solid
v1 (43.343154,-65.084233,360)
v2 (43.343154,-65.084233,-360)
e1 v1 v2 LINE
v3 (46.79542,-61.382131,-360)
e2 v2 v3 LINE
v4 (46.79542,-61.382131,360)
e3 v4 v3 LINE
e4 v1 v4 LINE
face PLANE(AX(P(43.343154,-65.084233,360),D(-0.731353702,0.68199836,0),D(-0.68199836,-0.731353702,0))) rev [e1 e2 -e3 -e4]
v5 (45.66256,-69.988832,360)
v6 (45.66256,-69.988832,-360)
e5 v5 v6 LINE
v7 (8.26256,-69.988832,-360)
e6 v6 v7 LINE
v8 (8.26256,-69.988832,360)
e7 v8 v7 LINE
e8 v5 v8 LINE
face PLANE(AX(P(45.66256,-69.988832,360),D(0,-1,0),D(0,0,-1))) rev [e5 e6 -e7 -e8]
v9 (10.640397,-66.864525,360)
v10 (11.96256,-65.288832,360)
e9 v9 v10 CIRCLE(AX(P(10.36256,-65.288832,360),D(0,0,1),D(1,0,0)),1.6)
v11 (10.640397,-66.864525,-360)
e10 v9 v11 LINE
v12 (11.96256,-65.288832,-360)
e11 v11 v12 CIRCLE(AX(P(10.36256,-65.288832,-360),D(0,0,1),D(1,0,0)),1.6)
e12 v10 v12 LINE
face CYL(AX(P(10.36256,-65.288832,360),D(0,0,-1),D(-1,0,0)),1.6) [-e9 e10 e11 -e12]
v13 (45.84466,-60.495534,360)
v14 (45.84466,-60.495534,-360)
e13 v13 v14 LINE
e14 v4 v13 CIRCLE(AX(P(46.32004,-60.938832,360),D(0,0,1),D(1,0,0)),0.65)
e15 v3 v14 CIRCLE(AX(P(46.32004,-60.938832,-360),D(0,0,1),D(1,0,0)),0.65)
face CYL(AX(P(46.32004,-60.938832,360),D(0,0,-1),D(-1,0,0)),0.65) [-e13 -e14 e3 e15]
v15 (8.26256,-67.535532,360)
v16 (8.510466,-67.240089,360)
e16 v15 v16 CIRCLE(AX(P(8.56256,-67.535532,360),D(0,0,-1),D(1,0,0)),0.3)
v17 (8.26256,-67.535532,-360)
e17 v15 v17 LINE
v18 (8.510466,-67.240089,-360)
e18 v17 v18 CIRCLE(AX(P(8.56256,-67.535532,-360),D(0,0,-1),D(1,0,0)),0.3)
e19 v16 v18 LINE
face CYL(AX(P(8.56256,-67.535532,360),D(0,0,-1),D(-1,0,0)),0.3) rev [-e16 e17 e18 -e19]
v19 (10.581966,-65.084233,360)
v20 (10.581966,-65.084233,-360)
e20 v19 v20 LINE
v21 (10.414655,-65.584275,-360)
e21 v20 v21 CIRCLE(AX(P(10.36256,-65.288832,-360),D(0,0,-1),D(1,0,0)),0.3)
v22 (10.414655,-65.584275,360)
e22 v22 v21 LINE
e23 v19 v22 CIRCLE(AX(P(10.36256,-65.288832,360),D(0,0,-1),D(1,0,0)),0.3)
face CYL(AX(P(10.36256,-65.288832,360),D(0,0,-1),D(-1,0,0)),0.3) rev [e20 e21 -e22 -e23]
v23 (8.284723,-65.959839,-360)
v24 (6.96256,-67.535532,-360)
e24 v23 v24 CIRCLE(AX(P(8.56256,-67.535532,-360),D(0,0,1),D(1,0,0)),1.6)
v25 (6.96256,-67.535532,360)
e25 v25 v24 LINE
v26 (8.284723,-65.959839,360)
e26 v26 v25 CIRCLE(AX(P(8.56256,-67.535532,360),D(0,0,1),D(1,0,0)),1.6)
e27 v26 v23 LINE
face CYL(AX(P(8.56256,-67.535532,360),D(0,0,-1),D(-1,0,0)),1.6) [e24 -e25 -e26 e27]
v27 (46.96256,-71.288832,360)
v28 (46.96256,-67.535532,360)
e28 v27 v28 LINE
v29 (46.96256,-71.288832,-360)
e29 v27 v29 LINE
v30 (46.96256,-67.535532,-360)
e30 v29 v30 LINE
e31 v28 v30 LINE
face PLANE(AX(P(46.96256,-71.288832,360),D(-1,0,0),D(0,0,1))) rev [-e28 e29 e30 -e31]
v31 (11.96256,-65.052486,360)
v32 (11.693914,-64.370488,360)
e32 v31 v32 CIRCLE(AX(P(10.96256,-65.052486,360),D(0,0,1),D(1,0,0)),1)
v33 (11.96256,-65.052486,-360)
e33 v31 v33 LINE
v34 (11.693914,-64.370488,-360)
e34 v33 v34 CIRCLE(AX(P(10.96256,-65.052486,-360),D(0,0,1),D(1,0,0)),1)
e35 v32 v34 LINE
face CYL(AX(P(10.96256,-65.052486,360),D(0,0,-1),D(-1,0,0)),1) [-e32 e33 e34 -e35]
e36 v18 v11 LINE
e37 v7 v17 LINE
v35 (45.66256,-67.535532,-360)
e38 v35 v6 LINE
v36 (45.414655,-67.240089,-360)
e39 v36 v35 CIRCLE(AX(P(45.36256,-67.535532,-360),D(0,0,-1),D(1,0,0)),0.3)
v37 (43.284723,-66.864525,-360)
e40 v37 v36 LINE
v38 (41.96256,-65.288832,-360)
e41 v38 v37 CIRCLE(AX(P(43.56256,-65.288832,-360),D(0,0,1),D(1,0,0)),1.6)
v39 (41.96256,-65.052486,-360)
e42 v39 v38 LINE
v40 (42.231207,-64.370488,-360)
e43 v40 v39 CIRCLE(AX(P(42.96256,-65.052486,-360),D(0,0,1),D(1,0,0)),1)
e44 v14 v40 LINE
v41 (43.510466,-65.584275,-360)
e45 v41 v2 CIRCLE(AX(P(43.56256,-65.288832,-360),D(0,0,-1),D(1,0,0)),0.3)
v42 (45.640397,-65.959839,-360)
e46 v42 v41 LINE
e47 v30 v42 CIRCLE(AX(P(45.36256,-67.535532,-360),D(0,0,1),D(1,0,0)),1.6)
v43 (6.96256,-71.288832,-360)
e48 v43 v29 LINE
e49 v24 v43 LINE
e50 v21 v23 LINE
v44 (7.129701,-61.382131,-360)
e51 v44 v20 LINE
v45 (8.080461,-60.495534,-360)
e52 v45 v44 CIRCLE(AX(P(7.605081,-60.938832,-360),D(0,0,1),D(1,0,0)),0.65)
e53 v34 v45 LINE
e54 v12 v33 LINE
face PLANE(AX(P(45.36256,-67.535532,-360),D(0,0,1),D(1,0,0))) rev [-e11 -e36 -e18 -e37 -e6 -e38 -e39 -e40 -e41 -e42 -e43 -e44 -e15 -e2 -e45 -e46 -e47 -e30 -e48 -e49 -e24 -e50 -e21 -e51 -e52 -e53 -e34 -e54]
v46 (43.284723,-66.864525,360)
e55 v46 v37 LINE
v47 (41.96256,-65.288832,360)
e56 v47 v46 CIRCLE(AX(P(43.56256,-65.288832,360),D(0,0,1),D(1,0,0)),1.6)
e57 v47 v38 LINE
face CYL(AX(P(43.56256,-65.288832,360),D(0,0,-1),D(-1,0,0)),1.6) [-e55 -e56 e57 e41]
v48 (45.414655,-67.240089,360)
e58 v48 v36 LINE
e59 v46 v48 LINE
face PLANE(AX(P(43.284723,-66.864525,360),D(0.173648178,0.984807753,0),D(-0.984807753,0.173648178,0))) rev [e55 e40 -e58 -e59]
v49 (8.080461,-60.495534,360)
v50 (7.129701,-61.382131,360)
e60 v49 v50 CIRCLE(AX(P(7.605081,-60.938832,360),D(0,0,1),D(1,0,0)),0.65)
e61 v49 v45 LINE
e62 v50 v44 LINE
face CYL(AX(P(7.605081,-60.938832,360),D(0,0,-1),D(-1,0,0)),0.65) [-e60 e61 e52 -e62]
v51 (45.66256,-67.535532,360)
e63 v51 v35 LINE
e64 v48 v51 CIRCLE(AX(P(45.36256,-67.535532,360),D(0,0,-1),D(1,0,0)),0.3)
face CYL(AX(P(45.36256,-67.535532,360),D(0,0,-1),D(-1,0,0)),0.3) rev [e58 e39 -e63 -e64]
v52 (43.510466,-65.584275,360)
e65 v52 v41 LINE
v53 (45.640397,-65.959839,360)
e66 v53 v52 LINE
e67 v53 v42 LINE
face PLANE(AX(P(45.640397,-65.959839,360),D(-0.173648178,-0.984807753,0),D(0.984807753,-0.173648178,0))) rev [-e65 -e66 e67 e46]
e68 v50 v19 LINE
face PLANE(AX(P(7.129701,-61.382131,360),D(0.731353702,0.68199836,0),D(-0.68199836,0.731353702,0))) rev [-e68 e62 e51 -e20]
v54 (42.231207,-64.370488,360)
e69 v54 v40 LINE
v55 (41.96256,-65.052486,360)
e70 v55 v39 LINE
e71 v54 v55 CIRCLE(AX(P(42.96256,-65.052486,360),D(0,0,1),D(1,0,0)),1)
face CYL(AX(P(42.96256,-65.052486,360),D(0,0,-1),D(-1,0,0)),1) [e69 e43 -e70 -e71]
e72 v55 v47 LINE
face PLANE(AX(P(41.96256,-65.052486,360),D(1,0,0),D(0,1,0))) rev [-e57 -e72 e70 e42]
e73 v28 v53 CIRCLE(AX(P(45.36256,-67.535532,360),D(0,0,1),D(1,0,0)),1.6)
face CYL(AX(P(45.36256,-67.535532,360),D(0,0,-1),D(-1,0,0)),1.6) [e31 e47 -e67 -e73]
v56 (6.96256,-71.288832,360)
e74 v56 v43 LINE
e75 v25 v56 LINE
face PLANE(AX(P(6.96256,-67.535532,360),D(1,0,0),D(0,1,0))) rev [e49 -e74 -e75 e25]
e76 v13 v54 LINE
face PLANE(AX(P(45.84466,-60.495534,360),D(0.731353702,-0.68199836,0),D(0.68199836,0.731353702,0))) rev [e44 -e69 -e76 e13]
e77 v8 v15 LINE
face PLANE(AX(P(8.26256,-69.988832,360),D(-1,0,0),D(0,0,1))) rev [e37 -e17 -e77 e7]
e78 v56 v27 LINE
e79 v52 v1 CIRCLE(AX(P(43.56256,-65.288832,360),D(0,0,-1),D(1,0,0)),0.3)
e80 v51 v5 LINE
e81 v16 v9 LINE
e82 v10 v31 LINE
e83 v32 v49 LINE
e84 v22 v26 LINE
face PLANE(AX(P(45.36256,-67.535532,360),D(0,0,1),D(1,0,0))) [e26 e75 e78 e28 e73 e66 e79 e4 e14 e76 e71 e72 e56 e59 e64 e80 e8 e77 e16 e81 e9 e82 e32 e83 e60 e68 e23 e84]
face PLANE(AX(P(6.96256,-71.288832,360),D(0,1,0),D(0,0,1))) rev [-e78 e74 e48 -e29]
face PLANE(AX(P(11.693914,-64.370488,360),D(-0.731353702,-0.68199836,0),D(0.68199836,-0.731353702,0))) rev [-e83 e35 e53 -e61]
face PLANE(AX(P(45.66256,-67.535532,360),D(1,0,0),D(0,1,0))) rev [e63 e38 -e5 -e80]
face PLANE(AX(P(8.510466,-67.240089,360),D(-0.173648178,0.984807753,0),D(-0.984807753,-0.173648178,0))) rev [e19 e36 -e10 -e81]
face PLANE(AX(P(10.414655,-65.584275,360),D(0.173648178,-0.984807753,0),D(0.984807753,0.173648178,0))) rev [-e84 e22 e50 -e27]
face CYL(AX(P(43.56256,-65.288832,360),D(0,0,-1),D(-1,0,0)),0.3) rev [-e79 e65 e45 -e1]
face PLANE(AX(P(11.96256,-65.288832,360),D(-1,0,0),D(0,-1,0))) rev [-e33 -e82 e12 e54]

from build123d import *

# Parameters (mm, degrees)
BOSS_EXTRUDE1_DEPTH = 360


with BuildPart() as part:
    # Sketch1 → Boss-Extrude1 (new, symmetric)
    with BuildSketch(Plane.XY):
        with BuildLine():
            Line((46.962560252, -71.288832462), (46.962560252, -67.53553159))
            ThreePointArc((46.962560252, -67.53553159), (46.588231361, -66.507071414), (45.640397337, -65.959839185))
            Line((45.640397337, -65.959839185), (43.510465799, -65.584274788))
            ThreePointArc((43.510465799, -65.584274788), (43.278063156, -65.384023859), (43.343154142, -65.084232954))
            Line((43.343154142, -65.084232954), (46.795419695, -61.382131396))
            ThreePointArc((46.795419695, -61.382131396), (46.763338723, -60.463452556), (45.844659883, -60.495533528))
            Line((45.844659883, -60.495533528), (42.231206551, -64.370487816))
            ThreePointArc((42.231206551, -64.370487816), (42.032142684, -64.68598495), (41.962560252, -65.052486177))
            Line((41.962560252, -65.052486177), (41.962560252, -65.288832462))
            ThreePointArc((41.962560252, -65.288832462), (42.336889143, -66.317292637), (43.284723168, -66.864524867))
            Line((43.284723168, -66.864524867), (45.414654706, -67.240089264))
            ThreePointArc((45.414654706, -67.240089264), (45.592373585, -67.342695307), (45.662560252, -67.53553159))
            Line((45.662560252, -67.53553159), (45.662560252, -69.988832462))
            Line((45.662560252, -69.988832462), (8.262560252, -69.988832462))
            Line((8.262560252, -69.988832462), (8.262560252, -67.53553159))
            ThreePointArc((8.262560252, -67.53553159), (8.332746919, -67.342695307), (8.510465799, -67.240089264))
            Line((8.510465799, -67.240089264), (10.640397337, -66.864524867))
            ThreePointArc((10.640397337, -66.864524867), (11.588231361, -66.317292637), (11.962560252, -65.288832462))
            Line((11.962560252, -65.288832462), (11.962560252, -65.052486177))
            ThreePointArc((11.962560252, -65.052486177), (11.89297782, -64.68598495), (11.693913954, -64.370487816))
            Line((11.693913954, -64.370487816), (8.080460622, -60.495533528))
            ThreePointArc((8.080460622, -60.495533528), (7.161781782, -60.463452556), (7.12970081, -61.382131396))
            Line((7.12970081, -61.382131396), (10.581966363, -65.084232954))
            ThreePointArc((10.581966363, -65.084232954), (10.647057349, -65.384023859), (10.414654706, -65.584274788))
            Line((10.414654706, -65.584274788), (8.284723168, -65.959839185))
            ThreePointArc((8.284723168, -65.959839185), (7.336889143, -66.507071414), (6.962560252, -67.53553159))
            Line((6.962560252, -67.53553159), (6.962560252, -71.288832462))
            Line((6.962560252, -71.288832462), (46.962560252, -71.288832462))
        make_face()
    extrude(amount=BOSS_EXTRUDE1_DEPTH, both=True)


solid = part.part
